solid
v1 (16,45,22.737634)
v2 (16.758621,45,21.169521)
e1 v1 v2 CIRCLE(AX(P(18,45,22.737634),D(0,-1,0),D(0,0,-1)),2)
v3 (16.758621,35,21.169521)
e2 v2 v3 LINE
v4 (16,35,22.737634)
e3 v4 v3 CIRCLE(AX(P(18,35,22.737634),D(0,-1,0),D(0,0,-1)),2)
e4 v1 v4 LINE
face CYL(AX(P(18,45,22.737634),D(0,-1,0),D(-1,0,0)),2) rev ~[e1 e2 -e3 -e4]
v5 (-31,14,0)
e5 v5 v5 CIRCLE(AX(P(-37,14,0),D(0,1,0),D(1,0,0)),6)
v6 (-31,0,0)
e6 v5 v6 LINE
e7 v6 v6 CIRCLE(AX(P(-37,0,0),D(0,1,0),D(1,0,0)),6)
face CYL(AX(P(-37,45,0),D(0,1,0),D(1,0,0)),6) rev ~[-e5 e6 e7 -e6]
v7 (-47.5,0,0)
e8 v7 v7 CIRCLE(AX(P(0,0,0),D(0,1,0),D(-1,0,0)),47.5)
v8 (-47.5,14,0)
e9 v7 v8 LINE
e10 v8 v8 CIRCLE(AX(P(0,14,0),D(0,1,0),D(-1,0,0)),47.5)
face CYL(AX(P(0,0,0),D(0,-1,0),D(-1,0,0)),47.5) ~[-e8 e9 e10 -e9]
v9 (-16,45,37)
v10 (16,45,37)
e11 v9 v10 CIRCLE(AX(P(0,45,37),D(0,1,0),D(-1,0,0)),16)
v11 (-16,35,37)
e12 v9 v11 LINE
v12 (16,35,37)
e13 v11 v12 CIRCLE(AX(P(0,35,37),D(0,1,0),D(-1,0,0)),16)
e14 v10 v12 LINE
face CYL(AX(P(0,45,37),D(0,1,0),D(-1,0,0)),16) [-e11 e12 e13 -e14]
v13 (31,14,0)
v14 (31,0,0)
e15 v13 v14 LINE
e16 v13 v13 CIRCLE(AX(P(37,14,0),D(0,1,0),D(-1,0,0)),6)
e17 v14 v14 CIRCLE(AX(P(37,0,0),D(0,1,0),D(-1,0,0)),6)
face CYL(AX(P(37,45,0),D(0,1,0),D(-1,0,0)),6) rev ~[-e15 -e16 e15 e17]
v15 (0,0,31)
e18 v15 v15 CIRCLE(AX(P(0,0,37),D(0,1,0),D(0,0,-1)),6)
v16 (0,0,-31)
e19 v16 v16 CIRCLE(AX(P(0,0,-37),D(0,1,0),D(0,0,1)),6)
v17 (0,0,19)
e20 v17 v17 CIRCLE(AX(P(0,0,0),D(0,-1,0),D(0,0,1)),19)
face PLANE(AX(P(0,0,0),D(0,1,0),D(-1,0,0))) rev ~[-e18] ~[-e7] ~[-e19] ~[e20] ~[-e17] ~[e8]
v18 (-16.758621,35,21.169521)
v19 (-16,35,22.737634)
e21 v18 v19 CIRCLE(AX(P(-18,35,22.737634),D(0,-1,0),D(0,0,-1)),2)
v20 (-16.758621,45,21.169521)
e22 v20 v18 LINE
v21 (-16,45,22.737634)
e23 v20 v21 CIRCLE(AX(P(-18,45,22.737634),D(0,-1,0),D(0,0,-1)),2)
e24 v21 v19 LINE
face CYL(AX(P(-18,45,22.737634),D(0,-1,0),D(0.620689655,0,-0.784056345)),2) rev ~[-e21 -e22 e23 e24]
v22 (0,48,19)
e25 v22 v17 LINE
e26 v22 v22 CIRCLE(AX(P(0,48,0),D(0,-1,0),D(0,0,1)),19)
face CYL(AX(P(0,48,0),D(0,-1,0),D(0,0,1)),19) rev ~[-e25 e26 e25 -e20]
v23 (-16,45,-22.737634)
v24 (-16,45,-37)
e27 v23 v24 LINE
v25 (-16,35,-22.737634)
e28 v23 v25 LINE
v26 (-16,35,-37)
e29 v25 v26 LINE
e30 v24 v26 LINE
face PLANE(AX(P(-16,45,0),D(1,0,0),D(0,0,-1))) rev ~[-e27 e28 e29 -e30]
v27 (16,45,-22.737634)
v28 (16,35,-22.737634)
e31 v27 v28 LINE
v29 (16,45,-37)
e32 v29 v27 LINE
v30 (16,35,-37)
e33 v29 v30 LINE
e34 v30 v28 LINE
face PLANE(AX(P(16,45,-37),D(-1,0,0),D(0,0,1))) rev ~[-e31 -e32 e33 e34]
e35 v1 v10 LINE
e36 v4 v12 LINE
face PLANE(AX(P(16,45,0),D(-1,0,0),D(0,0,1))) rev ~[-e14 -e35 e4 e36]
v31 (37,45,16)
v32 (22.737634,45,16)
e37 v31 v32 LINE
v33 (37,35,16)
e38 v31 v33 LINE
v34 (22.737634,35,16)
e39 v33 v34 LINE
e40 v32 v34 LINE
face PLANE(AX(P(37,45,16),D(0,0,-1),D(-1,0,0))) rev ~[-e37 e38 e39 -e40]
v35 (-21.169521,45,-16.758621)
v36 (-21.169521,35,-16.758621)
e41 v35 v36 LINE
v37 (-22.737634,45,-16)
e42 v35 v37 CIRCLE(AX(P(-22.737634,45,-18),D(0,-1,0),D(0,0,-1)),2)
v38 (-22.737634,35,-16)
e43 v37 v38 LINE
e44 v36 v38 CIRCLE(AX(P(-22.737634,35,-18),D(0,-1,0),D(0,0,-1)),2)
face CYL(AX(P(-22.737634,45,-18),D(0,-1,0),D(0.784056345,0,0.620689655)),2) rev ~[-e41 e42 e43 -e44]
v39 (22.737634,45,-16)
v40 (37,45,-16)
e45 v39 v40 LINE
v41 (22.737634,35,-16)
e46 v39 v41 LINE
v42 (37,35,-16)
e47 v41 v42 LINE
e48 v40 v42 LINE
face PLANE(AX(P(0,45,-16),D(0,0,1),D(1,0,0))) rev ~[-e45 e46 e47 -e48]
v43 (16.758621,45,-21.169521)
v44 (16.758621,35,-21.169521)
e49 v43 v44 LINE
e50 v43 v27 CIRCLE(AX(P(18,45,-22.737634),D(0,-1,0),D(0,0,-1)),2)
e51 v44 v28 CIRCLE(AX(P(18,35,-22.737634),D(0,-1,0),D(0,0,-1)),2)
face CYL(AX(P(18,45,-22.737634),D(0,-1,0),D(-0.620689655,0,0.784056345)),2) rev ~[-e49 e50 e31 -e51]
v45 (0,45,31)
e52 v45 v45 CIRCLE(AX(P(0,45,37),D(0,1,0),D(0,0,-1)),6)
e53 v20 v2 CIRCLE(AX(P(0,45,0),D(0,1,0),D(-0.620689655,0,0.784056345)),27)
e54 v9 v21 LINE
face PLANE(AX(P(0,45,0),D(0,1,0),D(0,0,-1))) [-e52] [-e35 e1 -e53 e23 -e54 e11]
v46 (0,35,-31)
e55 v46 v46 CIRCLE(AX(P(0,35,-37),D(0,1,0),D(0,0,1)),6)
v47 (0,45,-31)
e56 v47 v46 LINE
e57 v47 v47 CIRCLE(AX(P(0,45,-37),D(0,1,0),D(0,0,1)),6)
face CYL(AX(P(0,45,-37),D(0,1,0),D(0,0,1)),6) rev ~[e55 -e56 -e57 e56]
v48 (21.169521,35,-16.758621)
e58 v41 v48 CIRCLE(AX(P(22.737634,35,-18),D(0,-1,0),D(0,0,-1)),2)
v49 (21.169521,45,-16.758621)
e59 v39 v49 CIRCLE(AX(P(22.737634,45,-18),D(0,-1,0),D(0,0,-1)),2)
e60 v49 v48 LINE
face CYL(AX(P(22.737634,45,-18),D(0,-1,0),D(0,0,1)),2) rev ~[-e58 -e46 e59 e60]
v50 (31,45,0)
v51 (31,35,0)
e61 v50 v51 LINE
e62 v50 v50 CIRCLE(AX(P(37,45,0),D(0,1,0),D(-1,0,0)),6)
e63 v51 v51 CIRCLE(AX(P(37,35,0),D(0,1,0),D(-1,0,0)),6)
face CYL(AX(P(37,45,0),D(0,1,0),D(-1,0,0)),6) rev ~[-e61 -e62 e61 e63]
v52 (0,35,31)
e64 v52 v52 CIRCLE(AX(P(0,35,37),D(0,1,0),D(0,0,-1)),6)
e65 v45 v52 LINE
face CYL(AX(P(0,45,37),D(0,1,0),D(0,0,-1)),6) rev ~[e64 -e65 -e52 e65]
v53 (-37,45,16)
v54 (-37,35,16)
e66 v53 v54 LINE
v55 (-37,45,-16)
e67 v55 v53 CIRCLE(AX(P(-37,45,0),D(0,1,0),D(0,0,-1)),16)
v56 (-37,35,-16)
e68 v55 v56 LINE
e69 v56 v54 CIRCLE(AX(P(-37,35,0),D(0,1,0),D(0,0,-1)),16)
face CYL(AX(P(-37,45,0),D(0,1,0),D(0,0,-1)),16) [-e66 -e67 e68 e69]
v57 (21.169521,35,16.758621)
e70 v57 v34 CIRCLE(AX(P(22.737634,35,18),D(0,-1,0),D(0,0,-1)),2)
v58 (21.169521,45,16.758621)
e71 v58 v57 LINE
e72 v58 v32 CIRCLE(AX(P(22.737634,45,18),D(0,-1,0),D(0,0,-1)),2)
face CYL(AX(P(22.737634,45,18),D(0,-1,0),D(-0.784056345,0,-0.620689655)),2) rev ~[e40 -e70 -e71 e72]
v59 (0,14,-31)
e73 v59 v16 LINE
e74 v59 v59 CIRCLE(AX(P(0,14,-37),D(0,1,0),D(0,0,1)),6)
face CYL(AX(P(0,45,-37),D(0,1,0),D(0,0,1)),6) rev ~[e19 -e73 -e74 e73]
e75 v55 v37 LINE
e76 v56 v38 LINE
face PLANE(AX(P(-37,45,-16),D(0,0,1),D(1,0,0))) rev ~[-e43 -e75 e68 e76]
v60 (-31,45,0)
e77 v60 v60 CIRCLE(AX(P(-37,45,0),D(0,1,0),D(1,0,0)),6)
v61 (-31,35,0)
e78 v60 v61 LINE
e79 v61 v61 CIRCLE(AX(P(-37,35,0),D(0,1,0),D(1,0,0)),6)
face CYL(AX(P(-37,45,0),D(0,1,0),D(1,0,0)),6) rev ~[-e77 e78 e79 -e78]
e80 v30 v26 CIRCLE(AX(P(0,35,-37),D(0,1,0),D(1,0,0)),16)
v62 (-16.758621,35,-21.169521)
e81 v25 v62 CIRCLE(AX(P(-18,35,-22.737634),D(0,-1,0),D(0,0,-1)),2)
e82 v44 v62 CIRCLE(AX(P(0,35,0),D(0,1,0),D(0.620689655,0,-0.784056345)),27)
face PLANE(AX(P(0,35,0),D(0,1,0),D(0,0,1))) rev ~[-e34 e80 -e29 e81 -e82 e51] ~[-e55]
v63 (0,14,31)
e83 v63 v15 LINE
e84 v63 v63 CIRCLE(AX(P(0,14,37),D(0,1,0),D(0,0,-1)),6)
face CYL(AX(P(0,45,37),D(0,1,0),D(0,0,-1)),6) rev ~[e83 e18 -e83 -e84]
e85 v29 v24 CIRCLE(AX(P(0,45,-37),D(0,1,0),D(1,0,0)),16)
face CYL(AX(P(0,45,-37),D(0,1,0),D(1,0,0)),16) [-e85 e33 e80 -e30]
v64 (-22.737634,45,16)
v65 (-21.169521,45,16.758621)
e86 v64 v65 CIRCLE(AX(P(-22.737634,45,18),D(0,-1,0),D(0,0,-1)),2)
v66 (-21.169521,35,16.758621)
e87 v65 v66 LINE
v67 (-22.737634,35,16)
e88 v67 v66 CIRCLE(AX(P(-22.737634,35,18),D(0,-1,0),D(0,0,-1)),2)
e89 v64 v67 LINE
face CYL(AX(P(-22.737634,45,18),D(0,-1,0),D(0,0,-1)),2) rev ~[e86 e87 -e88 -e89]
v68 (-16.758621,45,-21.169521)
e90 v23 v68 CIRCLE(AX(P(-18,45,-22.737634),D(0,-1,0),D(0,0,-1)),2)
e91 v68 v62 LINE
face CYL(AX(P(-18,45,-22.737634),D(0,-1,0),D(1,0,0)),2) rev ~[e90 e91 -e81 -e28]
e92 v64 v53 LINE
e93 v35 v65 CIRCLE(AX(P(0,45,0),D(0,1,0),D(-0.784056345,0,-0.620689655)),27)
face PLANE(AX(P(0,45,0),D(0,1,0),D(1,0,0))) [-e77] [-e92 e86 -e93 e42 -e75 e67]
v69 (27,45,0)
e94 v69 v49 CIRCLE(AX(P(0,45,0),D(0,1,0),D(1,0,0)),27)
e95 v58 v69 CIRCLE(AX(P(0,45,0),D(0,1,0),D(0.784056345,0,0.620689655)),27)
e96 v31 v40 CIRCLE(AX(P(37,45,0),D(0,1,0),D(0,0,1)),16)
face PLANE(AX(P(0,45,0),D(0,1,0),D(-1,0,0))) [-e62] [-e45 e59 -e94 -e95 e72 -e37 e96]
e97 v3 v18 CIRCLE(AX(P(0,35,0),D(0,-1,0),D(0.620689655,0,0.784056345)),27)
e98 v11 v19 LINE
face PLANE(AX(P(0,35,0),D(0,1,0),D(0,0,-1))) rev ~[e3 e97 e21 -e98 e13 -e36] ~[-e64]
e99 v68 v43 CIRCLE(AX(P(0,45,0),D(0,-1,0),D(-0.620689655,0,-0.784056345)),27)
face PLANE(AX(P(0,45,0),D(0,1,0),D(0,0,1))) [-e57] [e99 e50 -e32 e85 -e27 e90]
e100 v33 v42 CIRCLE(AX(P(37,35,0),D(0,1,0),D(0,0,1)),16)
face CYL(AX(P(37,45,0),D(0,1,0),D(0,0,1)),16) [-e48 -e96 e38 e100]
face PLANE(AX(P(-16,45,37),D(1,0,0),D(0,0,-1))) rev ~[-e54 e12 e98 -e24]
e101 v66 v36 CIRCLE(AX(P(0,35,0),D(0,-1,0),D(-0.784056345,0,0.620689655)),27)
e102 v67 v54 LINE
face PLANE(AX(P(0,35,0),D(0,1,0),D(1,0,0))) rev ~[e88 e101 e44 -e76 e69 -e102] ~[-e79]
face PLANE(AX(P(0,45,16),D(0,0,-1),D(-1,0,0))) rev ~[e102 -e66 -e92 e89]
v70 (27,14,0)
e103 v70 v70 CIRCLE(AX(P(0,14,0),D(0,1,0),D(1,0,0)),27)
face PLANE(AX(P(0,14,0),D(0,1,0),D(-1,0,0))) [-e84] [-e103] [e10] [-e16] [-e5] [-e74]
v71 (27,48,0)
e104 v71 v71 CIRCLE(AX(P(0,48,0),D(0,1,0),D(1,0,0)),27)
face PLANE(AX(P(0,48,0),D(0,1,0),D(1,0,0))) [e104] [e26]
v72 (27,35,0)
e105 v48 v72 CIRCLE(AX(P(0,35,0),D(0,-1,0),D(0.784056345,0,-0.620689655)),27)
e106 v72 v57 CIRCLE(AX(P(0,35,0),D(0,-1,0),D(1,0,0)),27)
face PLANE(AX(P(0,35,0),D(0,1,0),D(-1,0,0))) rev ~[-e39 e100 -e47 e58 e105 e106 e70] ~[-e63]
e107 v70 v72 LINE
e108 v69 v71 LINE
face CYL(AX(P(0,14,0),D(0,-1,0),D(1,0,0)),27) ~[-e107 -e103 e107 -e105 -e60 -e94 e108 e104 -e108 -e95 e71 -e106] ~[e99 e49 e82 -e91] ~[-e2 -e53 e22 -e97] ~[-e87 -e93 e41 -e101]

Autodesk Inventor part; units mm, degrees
ref_plane "YZ Plane" through (0, 0, 0) normal (1, 0, 0) x (0, 1, 0)
ref_plane "XZ Plane" through (0, 0, 0) normal (0, 1, 0) x (-1, 0, 0)
sketch "Sketch1" plane through (0, 0, 0) normal (0, 1, 0) x (-1, 0, 0)
  circle A0 centre (0, 0) radius 47.5
  dimension "d0" = 95
extrude "Extrusion1" add sketch "Sketch1" along normal blind 14
sketch "Sketch2" plane through (0, 14, 0) normal (0, 1, 0) x (1, 0, 0)
  circle A0 centre (0, 0) radius 27
  dimension "d3" = 54
extrude "Extrusion2" add sketch "Sketch2" along normal blind 34
ref_plane "Work Plane1" through (0, 45, 0) normal (0, 1, 0) x (1, 0, 0)
sketch "Sketch3" plane through (0, 45, 0) normal (0, 1, 0) x (1, 0, 0)
  line L0 (0, 0) -> (-37, 0) construction
  line L1 (0, -16) -> (-37, -16)
  line L2 (-37, 16) -> (0, 16)
  arc A0 (0, -16) -> (0, 16) centre (0, 0) ccw
  arc A1 (-37, 16) -> (-37, -16) centre (-37, 0) ccw
  point P0 (-18.5, 0)
  dimension "d7" = 16
  dimension "d8" = 37
extrude "Extrusion3" add sketch "Sketch3" against normal blind 10
sketch "Sketch4" plane through (0, 45, 0) normal (0, 1, 0) x (1, 0, 0)
  arc A0 (-37, 16) -> (-37, -16) centre (-37, 0) ccw projected
  circle A1 centre (-37, 0) radius 6
  point P0 (0, 0)
  dimension "d11" = 12
extrude "Extrusion4" cut sketch "Sketch4" against normal through all
fillet "Fillet1" radius 2 2 edges at (-21.7486, 40, 16) (-21.7486, 40, -16)
pattern_circular "Circular Pattern1" count 4 over 360 about axis through (0, 14, 0) along (0, 1, 0) of "Extrusion3", "Extrusion4", "Fillet1"
sketch "Sketch5" plane through (0, 48, 0) normal (0, 1, 0) x (1, 0, 0)
  point P0 (0, 0)
  point P1 (0, 0)
hole "Hole1" at (0, 48, 0) direction (0, -1, 0) diameter 38 end through all
properties part number "lab11_1"
